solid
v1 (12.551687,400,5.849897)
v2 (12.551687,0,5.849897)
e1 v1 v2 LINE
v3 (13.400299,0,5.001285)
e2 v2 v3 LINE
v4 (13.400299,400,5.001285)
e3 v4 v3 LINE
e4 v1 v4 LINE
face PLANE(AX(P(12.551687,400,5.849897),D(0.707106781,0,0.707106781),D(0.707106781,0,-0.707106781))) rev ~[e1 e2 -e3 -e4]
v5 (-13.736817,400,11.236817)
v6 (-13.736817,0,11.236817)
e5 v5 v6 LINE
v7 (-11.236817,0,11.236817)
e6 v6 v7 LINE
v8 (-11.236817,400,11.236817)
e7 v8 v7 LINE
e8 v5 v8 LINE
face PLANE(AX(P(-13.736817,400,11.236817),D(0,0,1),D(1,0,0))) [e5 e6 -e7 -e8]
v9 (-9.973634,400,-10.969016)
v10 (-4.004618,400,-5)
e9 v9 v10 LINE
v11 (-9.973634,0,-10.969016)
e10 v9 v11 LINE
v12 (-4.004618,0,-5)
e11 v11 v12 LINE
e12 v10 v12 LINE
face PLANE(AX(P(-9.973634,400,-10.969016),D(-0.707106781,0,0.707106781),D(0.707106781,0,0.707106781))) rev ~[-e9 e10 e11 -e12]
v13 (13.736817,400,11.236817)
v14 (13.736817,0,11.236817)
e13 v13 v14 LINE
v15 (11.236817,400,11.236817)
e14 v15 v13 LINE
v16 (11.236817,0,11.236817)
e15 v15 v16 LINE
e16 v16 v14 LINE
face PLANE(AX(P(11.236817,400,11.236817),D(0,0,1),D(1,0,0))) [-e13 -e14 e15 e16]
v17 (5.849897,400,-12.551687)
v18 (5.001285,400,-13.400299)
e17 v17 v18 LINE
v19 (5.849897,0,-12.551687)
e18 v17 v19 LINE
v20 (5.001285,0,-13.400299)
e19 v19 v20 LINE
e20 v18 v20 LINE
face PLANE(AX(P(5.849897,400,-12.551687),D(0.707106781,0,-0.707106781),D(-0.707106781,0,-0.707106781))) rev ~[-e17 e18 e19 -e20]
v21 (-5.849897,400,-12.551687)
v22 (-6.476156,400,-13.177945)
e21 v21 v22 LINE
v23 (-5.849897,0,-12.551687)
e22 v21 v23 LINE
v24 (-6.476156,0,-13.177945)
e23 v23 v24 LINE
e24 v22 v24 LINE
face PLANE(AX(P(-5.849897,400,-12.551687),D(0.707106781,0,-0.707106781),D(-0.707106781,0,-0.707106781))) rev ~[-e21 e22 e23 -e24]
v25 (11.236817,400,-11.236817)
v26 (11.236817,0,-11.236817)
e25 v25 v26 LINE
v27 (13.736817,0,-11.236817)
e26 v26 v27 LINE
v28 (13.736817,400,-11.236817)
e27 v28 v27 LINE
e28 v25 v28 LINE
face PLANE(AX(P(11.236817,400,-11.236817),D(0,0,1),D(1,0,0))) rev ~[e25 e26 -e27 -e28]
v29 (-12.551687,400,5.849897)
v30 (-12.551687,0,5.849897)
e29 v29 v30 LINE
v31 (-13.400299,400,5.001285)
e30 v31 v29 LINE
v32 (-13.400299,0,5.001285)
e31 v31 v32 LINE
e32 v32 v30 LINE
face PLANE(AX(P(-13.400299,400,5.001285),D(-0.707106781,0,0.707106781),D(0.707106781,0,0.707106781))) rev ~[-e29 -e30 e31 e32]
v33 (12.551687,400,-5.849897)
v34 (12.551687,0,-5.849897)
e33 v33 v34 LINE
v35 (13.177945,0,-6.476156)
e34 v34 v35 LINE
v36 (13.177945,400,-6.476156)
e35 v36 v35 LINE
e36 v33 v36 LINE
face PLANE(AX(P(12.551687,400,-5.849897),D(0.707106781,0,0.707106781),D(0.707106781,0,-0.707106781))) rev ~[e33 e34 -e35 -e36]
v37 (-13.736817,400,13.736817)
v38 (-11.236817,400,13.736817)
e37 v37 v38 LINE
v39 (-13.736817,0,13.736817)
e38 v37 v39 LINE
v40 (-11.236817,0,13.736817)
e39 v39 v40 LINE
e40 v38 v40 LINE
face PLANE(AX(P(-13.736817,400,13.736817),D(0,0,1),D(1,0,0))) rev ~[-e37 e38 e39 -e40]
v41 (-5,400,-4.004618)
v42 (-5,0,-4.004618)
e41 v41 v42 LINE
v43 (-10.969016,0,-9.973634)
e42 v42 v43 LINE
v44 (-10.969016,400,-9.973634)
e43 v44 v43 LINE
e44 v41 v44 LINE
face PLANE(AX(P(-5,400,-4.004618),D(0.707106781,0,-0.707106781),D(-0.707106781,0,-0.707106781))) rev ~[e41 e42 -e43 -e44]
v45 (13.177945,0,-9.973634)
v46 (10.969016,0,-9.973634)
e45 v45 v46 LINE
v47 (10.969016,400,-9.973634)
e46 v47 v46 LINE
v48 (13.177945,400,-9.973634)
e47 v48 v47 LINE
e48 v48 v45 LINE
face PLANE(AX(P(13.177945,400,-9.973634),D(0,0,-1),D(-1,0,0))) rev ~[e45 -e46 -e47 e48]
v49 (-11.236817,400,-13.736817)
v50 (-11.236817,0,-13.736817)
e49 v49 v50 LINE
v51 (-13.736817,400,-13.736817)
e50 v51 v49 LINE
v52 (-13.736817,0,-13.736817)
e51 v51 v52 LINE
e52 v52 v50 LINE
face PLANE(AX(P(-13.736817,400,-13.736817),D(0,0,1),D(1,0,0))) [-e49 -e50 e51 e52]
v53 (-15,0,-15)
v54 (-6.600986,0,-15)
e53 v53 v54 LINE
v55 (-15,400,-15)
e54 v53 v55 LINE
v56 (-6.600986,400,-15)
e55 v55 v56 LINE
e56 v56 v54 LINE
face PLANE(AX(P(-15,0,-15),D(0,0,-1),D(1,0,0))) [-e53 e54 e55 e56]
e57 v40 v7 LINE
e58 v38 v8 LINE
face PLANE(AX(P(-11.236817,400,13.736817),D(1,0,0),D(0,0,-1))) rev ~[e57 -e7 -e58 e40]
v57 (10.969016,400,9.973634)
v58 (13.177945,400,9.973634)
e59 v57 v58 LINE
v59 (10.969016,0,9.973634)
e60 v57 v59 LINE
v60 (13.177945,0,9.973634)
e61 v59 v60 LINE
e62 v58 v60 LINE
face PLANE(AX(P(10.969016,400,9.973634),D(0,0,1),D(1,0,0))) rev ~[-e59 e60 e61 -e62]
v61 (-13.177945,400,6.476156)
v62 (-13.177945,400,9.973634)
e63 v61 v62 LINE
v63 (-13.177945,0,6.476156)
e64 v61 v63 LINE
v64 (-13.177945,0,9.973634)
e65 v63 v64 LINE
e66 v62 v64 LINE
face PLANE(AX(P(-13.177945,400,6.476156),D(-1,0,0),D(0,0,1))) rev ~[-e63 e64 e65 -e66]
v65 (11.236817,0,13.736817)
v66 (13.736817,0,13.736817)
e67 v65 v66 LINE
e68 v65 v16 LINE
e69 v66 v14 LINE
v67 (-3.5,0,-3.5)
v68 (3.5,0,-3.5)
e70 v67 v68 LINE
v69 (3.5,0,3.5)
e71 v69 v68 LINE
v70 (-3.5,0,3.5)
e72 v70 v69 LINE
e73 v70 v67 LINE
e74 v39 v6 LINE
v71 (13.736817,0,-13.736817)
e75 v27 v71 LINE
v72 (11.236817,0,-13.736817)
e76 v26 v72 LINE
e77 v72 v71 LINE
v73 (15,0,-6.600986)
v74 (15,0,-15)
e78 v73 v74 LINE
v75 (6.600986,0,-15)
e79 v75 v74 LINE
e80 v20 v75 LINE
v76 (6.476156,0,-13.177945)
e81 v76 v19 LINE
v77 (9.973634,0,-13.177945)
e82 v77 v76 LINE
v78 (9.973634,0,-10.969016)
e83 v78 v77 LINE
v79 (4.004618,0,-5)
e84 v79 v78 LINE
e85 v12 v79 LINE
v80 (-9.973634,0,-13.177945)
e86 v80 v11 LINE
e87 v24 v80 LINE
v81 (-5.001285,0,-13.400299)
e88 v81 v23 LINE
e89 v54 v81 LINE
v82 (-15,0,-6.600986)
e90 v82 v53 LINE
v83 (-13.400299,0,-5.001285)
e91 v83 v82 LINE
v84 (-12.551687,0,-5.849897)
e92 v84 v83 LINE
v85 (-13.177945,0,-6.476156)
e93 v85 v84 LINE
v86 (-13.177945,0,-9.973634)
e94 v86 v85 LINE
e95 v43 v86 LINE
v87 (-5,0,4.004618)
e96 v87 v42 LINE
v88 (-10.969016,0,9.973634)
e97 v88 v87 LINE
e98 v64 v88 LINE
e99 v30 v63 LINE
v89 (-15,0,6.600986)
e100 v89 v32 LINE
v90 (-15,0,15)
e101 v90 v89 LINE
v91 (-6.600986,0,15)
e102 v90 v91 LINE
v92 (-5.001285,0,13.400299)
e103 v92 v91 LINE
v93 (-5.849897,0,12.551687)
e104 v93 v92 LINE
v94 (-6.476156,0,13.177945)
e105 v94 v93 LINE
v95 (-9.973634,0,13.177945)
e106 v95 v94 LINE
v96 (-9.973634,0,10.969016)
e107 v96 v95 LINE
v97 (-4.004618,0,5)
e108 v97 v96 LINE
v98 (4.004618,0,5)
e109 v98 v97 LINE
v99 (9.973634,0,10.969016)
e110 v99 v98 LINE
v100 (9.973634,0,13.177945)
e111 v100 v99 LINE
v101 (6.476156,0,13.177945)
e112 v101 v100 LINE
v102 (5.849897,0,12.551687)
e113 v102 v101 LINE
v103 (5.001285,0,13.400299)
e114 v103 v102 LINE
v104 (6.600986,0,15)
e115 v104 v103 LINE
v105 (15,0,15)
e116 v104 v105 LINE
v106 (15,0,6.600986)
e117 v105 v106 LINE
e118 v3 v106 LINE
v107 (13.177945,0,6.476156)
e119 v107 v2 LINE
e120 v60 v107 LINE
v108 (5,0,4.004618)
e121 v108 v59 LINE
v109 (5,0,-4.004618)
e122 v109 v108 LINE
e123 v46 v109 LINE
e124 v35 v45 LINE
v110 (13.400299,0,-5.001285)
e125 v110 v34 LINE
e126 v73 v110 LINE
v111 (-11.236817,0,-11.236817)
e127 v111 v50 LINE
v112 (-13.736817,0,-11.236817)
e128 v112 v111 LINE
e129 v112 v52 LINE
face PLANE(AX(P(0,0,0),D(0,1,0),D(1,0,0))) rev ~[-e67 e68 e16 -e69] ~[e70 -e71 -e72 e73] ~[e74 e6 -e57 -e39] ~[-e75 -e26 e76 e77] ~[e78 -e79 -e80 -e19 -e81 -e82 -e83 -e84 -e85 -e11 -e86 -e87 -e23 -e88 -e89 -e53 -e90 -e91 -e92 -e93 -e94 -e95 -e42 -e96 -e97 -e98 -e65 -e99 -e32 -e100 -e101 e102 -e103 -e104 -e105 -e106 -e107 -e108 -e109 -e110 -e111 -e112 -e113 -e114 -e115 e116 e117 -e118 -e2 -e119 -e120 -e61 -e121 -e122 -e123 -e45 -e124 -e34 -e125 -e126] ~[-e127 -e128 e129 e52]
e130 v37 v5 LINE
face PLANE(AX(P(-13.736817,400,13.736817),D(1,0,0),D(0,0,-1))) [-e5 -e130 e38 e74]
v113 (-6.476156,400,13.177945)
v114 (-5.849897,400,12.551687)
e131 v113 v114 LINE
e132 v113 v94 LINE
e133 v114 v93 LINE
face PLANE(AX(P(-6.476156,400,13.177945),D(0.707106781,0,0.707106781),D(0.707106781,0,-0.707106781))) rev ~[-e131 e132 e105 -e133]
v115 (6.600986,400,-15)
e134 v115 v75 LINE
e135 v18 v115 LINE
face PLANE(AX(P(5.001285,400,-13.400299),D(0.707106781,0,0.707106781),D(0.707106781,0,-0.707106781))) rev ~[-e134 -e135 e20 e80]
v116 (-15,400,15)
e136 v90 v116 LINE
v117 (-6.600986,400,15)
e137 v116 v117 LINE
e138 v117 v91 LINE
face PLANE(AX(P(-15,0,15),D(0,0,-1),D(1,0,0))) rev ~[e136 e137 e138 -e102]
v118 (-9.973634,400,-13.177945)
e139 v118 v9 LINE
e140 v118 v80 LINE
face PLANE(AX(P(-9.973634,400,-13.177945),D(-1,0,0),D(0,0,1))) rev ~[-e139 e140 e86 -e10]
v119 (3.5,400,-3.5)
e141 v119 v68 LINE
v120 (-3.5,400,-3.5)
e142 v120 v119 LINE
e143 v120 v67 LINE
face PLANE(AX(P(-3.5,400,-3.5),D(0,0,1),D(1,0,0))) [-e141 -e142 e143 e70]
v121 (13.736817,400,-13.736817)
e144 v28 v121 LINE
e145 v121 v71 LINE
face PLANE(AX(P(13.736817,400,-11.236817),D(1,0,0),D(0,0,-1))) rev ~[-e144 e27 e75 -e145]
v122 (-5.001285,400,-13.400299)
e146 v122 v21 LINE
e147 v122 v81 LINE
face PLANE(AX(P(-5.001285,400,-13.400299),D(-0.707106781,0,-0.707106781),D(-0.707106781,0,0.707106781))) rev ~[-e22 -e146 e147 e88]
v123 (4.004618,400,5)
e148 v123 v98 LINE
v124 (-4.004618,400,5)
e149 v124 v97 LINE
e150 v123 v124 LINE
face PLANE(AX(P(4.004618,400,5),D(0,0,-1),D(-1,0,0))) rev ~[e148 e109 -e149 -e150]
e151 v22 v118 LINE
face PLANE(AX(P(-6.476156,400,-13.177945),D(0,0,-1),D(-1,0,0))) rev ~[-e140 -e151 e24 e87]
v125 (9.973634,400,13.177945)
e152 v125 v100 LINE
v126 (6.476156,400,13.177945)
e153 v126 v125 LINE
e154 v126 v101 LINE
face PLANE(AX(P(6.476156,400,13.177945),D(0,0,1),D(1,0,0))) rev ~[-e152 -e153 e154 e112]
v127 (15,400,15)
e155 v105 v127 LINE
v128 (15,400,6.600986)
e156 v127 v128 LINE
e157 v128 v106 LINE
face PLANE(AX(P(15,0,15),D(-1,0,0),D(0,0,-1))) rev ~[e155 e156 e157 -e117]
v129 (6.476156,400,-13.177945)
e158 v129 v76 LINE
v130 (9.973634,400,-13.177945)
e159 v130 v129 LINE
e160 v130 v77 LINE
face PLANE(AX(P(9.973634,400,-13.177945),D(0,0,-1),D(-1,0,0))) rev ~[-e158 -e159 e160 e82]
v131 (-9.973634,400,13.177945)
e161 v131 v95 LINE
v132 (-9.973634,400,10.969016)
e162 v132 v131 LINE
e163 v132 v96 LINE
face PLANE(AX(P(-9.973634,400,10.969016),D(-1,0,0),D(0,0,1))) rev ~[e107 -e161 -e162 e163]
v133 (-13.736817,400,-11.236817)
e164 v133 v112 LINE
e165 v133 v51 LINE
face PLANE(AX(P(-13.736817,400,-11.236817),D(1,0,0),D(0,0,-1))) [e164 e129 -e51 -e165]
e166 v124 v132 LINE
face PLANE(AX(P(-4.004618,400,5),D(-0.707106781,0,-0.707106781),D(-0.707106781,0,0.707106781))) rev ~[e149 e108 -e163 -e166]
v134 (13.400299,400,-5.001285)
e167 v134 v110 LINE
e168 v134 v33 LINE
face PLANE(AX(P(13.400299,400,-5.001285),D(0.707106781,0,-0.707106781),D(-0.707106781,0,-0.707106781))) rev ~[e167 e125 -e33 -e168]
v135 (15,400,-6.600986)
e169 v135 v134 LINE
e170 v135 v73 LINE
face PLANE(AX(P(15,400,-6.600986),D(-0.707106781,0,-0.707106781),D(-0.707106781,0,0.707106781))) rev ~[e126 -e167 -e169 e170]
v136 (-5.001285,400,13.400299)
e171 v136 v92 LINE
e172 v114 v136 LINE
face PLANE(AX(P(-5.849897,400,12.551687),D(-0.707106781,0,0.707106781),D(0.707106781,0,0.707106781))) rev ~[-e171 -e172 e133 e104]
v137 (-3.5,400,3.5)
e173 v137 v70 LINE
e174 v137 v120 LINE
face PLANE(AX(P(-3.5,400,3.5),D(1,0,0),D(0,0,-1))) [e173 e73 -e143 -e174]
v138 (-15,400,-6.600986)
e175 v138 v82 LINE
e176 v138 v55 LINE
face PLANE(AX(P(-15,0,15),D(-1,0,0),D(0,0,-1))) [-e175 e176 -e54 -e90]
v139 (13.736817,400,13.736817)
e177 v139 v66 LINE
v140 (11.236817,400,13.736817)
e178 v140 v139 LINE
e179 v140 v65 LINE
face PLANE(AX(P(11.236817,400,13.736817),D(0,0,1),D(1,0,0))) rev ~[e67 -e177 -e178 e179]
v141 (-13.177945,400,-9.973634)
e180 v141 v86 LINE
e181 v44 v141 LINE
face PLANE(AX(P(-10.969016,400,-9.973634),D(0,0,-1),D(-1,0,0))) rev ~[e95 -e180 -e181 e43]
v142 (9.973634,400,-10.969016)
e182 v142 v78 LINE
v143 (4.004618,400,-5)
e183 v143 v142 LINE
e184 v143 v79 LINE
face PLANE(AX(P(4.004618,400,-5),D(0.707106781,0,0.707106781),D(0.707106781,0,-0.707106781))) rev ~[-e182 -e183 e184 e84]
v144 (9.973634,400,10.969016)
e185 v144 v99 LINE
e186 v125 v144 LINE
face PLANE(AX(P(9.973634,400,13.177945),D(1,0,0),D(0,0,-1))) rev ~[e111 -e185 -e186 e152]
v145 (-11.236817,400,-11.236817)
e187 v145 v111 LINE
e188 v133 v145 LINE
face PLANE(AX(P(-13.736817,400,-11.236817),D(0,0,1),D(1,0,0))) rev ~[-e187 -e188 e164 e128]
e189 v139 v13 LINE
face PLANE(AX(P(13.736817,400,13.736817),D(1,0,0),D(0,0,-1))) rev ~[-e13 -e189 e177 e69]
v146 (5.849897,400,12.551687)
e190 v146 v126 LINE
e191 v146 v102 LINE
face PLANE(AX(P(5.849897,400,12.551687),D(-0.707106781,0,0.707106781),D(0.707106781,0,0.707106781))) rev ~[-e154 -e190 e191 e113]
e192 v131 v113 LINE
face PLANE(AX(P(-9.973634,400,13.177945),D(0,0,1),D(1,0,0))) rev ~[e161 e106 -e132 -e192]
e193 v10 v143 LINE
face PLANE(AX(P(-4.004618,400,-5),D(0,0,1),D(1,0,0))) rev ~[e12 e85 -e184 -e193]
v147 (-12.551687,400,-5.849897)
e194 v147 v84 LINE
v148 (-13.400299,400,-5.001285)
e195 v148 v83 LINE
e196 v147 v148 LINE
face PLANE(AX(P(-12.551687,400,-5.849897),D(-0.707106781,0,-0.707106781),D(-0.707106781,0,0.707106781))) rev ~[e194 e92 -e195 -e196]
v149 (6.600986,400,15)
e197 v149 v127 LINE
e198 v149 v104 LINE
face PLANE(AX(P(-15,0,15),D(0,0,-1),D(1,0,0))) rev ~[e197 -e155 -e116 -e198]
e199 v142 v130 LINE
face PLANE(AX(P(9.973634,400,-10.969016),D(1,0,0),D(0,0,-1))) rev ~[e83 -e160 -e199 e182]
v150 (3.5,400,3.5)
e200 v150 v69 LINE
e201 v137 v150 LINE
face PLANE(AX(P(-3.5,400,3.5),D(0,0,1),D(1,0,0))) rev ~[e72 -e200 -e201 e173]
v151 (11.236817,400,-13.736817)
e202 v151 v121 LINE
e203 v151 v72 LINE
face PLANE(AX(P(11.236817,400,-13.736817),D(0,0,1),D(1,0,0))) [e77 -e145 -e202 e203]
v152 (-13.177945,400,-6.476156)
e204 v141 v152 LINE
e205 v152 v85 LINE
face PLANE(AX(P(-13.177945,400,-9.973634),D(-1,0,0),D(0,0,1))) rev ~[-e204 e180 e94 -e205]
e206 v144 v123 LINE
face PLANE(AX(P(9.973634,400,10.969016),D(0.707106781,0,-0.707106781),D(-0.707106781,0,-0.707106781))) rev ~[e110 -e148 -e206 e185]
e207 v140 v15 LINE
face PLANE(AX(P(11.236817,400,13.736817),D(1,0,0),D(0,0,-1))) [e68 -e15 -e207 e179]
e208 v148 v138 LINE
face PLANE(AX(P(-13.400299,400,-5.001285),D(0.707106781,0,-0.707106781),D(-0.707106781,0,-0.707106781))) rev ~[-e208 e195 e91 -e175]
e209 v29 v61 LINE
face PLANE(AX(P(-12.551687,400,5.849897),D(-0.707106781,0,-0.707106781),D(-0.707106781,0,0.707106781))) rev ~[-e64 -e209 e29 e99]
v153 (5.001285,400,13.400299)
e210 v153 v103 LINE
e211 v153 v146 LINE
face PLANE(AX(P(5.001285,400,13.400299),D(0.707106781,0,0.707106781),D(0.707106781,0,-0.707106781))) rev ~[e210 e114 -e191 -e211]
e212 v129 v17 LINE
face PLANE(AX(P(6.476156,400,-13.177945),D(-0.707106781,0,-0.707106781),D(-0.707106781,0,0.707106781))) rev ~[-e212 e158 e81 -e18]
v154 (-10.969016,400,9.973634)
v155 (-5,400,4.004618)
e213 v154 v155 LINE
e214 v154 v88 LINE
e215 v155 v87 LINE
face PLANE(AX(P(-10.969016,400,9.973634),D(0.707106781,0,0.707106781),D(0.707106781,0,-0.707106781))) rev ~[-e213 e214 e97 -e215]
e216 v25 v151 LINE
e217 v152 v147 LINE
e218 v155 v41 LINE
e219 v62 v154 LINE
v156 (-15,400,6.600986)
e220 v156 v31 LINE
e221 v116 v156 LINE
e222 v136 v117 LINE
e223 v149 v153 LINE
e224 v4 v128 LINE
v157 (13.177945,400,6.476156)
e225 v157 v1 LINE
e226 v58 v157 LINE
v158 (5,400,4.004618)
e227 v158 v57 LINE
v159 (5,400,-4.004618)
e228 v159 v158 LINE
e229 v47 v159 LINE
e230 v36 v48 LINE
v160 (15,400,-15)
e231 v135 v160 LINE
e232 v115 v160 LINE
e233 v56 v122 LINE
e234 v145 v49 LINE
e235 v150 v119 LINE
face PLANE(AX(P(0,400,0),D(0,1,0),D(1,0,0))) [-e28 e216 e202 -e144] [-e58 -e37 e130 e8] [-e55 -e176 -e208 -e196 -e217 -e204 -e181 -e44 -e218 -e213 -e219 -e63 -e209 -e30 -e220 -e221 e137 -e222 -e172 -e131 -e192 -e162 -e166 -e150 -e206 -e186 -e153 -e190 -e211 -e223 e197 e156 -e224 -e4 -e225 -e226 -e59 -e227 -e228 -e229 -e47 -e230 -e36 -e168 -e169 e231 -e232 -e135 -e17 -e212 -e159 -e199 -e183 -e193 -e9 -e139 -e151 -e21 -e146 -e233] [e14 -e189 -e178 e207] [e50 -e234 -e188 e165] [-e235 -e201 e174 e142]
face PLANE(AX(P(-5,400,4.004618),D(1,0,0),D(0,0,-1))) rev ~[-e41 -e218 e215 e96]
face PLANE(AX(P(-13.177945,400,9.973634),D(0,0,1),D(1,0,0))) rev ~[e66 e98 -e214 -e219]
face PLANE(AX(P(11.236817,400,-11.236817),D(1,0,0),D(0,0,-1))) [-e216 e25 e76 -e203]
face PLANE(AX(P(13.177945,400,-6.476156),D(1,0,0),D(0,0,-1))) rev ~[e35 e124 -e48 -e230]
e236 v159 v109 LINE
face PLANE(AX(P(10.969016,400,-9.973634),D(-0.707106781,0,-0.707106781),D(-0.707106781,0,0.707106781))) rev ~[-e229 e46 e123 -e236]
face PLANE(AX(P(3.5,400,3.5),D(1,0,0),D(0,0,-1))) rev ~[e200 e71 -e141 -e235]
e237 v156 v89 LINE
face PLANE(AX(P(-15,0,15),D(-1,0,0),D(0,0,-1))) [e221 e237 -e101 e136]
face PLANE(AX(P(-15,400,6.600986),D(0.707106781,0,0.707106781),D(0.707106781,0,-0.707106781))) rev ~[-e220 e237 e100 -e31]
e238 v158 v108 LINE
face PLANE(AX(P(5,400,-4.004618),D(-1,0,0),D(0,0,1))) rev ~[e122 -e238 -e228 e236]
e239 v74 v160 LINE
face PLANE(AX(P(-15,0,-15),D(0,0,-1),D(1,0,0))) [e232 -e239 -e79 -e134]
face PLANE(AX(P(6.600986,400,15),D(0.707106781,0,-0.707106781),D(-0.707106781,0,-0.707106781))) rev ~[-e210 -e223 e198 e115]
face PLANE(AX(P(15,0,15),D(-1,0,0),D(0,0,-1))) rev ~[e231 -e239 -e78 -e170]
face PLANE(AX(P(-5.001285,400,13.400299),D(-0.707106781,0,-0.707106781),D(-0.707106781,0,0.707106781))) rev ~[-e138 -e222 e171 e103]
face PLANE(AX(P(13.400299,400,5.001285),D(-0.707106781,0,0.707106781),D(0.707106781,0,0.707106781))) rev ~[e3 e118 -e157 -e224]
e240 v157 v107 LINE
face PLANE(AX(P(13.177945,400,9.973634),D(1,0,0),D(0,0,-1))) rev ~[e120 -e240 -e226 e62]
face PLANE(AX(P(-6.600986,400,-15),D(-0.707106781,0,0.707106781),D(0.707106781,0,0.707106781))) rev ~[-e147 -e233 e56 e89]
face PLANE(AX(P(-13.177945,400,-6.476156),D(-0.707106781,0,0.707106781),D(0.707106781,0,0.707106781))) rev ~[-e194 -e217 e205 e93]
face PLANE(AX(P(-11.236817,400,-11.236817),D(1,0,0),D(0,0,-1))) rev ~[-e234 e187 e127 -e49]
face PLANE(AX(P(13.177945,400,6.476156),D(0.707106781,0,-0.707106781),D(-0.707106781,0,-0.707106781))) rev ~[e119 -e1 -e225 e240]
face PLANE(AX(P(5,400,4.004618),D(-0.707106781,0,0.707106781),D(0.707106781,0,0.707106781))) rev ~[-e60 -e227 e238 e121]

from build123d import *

# Parameters (mm, degrees)
SKETCH_1_W          = 30
SKETCH_1_H          = 30
EXTRUDE_1_DEPTH     = 400
CUT_EXTRUDE_1_DEPTH = 400
SKETCH_3_W          = 7
SKETCH_3_H          = 7
SKETCH_3_W_2        = 2.5
SKETCH_3_H_2        = 2.5
CUT_EXTRUDE_2_DEPTH = 400


with BuildPart() as part:
    # 草图1 → 凸台-拉伸1 (new body)
    with BuildSketch(Plane(origin=(0, 0, 0), x_dir=(1, 0, 0), z_dir=(0, 1, 0))):
        Rectangle(SKETCH_1_W, SKETCH_1_H)
    extrude(amount=EXTRUDE_1_DEPTH)

    # 草图2 → 切除-拉伸1 (cut)
    with BuildSketch(Plane(origin=(0, 400, 0), x_dir=(1, 0, 0), z_dir=(0, 1, 0))):
        Polygon((-4.004617846, 5), (4.004617846, 5), (9.97363434, 10.969016494), (9.97363434, 13.177944766), (6.476155555, 13.177944766), (5.84989743, 12.551686641), (5.001284858, 13.400299213), (6.600985645, 15), (-6.600985645, 15), (-5.001284858, 13.400299213), (-5.84989743, 12.551686641), (-6.476155555, 13.177944766), (-9.97363434, 13.177944766), (-9.97363434, 10.969016494), align=None)
        Polygon((10.969016494, 9.97363434), (5, 4.004617846), (5, -4.004617846), (10.969016494, -9.97363434), (13.177944766, -9.97363434), (13.177944766, -6.476155555), (12.551686641, -5.84989743), (13.400299213, -5.001284858), (15, -6.600985645), (15, 6.600985645), (13.400299213, 5.001284858), (12.551686641, 5.84989743), (13.177944766, 6.476155555), (13.177944766, 9.97363434), align=None)
        Polygon((-5, -4.004617846), (-5, 4.004617846), (-10.969016494, 9.97363434), (-13.177944766, 9.97363434), (-13.177944766, 6.476155555), (-12.551686641, 5.84989743), (-13.400299213, 5.001284858), (-15, 6.600985645), (-15, -6.600985645), (-13.400299213, -5.001284858), (-12.551686641, -5.84989743), (-13.177944766, -6.476155555), (-13.177944766, -9.97363434), (-10.969016494, -9.97363434), align=None)
        Polygon((9.97363434, -10.969016494), (4.004617846, -5), (-4.004617846, -5), (-9.97363434, -10.969016494), (-9.97363434, -13.177944766), (-6.476155555, -13.177944766), (-5.84989743, -12.551686641), (-5.001284858, -13.400299213), (-6.600985645, -15), (6.600985645, -15), (5.001284858, -13.400299213), (5.84989743, -12.551686641), (6.476155555, -13.177944766), (9.97363434, -13.177944766), align=None)
    extrude(amount=-CUT_EXTRUDE_1_DEPTH, mode=Mode.SUBTRACT)

    # 草图3 → 切除-拉伸2 (cut)
    with BuildSketch(Plane(origin=(0, 400, 0), x_dir=(1, 0, 0), z_dir=(0, 1, 0))):
        Rectangle(SKETCH_3_W, SKETCH_3_H)
        with Locations((12.48681717, -12.48681717)):
            Rectangle(SKETCH_3_W_2, SKETCH_3_H_2)
        with Locations((12.48681717, 12.48681717)):
            Rectangle(SKETCH_3_W_2, SKETCH_3_H_2)
        with Locations((-12.48681717, -12.48681717)):
            Rectangle(SKETCH_3_W_2, SKETCH_3_H_2)
        with Locations((-12.48681717, 12.48681717)):
            Rectangle(SKETCH_3_W_2, SKETCH_3_H_2)
    extrude(amount=-CUT_EXTRUDE_2_DEPTH, mode=Mode.SUBTRACT)


solid = part.part
